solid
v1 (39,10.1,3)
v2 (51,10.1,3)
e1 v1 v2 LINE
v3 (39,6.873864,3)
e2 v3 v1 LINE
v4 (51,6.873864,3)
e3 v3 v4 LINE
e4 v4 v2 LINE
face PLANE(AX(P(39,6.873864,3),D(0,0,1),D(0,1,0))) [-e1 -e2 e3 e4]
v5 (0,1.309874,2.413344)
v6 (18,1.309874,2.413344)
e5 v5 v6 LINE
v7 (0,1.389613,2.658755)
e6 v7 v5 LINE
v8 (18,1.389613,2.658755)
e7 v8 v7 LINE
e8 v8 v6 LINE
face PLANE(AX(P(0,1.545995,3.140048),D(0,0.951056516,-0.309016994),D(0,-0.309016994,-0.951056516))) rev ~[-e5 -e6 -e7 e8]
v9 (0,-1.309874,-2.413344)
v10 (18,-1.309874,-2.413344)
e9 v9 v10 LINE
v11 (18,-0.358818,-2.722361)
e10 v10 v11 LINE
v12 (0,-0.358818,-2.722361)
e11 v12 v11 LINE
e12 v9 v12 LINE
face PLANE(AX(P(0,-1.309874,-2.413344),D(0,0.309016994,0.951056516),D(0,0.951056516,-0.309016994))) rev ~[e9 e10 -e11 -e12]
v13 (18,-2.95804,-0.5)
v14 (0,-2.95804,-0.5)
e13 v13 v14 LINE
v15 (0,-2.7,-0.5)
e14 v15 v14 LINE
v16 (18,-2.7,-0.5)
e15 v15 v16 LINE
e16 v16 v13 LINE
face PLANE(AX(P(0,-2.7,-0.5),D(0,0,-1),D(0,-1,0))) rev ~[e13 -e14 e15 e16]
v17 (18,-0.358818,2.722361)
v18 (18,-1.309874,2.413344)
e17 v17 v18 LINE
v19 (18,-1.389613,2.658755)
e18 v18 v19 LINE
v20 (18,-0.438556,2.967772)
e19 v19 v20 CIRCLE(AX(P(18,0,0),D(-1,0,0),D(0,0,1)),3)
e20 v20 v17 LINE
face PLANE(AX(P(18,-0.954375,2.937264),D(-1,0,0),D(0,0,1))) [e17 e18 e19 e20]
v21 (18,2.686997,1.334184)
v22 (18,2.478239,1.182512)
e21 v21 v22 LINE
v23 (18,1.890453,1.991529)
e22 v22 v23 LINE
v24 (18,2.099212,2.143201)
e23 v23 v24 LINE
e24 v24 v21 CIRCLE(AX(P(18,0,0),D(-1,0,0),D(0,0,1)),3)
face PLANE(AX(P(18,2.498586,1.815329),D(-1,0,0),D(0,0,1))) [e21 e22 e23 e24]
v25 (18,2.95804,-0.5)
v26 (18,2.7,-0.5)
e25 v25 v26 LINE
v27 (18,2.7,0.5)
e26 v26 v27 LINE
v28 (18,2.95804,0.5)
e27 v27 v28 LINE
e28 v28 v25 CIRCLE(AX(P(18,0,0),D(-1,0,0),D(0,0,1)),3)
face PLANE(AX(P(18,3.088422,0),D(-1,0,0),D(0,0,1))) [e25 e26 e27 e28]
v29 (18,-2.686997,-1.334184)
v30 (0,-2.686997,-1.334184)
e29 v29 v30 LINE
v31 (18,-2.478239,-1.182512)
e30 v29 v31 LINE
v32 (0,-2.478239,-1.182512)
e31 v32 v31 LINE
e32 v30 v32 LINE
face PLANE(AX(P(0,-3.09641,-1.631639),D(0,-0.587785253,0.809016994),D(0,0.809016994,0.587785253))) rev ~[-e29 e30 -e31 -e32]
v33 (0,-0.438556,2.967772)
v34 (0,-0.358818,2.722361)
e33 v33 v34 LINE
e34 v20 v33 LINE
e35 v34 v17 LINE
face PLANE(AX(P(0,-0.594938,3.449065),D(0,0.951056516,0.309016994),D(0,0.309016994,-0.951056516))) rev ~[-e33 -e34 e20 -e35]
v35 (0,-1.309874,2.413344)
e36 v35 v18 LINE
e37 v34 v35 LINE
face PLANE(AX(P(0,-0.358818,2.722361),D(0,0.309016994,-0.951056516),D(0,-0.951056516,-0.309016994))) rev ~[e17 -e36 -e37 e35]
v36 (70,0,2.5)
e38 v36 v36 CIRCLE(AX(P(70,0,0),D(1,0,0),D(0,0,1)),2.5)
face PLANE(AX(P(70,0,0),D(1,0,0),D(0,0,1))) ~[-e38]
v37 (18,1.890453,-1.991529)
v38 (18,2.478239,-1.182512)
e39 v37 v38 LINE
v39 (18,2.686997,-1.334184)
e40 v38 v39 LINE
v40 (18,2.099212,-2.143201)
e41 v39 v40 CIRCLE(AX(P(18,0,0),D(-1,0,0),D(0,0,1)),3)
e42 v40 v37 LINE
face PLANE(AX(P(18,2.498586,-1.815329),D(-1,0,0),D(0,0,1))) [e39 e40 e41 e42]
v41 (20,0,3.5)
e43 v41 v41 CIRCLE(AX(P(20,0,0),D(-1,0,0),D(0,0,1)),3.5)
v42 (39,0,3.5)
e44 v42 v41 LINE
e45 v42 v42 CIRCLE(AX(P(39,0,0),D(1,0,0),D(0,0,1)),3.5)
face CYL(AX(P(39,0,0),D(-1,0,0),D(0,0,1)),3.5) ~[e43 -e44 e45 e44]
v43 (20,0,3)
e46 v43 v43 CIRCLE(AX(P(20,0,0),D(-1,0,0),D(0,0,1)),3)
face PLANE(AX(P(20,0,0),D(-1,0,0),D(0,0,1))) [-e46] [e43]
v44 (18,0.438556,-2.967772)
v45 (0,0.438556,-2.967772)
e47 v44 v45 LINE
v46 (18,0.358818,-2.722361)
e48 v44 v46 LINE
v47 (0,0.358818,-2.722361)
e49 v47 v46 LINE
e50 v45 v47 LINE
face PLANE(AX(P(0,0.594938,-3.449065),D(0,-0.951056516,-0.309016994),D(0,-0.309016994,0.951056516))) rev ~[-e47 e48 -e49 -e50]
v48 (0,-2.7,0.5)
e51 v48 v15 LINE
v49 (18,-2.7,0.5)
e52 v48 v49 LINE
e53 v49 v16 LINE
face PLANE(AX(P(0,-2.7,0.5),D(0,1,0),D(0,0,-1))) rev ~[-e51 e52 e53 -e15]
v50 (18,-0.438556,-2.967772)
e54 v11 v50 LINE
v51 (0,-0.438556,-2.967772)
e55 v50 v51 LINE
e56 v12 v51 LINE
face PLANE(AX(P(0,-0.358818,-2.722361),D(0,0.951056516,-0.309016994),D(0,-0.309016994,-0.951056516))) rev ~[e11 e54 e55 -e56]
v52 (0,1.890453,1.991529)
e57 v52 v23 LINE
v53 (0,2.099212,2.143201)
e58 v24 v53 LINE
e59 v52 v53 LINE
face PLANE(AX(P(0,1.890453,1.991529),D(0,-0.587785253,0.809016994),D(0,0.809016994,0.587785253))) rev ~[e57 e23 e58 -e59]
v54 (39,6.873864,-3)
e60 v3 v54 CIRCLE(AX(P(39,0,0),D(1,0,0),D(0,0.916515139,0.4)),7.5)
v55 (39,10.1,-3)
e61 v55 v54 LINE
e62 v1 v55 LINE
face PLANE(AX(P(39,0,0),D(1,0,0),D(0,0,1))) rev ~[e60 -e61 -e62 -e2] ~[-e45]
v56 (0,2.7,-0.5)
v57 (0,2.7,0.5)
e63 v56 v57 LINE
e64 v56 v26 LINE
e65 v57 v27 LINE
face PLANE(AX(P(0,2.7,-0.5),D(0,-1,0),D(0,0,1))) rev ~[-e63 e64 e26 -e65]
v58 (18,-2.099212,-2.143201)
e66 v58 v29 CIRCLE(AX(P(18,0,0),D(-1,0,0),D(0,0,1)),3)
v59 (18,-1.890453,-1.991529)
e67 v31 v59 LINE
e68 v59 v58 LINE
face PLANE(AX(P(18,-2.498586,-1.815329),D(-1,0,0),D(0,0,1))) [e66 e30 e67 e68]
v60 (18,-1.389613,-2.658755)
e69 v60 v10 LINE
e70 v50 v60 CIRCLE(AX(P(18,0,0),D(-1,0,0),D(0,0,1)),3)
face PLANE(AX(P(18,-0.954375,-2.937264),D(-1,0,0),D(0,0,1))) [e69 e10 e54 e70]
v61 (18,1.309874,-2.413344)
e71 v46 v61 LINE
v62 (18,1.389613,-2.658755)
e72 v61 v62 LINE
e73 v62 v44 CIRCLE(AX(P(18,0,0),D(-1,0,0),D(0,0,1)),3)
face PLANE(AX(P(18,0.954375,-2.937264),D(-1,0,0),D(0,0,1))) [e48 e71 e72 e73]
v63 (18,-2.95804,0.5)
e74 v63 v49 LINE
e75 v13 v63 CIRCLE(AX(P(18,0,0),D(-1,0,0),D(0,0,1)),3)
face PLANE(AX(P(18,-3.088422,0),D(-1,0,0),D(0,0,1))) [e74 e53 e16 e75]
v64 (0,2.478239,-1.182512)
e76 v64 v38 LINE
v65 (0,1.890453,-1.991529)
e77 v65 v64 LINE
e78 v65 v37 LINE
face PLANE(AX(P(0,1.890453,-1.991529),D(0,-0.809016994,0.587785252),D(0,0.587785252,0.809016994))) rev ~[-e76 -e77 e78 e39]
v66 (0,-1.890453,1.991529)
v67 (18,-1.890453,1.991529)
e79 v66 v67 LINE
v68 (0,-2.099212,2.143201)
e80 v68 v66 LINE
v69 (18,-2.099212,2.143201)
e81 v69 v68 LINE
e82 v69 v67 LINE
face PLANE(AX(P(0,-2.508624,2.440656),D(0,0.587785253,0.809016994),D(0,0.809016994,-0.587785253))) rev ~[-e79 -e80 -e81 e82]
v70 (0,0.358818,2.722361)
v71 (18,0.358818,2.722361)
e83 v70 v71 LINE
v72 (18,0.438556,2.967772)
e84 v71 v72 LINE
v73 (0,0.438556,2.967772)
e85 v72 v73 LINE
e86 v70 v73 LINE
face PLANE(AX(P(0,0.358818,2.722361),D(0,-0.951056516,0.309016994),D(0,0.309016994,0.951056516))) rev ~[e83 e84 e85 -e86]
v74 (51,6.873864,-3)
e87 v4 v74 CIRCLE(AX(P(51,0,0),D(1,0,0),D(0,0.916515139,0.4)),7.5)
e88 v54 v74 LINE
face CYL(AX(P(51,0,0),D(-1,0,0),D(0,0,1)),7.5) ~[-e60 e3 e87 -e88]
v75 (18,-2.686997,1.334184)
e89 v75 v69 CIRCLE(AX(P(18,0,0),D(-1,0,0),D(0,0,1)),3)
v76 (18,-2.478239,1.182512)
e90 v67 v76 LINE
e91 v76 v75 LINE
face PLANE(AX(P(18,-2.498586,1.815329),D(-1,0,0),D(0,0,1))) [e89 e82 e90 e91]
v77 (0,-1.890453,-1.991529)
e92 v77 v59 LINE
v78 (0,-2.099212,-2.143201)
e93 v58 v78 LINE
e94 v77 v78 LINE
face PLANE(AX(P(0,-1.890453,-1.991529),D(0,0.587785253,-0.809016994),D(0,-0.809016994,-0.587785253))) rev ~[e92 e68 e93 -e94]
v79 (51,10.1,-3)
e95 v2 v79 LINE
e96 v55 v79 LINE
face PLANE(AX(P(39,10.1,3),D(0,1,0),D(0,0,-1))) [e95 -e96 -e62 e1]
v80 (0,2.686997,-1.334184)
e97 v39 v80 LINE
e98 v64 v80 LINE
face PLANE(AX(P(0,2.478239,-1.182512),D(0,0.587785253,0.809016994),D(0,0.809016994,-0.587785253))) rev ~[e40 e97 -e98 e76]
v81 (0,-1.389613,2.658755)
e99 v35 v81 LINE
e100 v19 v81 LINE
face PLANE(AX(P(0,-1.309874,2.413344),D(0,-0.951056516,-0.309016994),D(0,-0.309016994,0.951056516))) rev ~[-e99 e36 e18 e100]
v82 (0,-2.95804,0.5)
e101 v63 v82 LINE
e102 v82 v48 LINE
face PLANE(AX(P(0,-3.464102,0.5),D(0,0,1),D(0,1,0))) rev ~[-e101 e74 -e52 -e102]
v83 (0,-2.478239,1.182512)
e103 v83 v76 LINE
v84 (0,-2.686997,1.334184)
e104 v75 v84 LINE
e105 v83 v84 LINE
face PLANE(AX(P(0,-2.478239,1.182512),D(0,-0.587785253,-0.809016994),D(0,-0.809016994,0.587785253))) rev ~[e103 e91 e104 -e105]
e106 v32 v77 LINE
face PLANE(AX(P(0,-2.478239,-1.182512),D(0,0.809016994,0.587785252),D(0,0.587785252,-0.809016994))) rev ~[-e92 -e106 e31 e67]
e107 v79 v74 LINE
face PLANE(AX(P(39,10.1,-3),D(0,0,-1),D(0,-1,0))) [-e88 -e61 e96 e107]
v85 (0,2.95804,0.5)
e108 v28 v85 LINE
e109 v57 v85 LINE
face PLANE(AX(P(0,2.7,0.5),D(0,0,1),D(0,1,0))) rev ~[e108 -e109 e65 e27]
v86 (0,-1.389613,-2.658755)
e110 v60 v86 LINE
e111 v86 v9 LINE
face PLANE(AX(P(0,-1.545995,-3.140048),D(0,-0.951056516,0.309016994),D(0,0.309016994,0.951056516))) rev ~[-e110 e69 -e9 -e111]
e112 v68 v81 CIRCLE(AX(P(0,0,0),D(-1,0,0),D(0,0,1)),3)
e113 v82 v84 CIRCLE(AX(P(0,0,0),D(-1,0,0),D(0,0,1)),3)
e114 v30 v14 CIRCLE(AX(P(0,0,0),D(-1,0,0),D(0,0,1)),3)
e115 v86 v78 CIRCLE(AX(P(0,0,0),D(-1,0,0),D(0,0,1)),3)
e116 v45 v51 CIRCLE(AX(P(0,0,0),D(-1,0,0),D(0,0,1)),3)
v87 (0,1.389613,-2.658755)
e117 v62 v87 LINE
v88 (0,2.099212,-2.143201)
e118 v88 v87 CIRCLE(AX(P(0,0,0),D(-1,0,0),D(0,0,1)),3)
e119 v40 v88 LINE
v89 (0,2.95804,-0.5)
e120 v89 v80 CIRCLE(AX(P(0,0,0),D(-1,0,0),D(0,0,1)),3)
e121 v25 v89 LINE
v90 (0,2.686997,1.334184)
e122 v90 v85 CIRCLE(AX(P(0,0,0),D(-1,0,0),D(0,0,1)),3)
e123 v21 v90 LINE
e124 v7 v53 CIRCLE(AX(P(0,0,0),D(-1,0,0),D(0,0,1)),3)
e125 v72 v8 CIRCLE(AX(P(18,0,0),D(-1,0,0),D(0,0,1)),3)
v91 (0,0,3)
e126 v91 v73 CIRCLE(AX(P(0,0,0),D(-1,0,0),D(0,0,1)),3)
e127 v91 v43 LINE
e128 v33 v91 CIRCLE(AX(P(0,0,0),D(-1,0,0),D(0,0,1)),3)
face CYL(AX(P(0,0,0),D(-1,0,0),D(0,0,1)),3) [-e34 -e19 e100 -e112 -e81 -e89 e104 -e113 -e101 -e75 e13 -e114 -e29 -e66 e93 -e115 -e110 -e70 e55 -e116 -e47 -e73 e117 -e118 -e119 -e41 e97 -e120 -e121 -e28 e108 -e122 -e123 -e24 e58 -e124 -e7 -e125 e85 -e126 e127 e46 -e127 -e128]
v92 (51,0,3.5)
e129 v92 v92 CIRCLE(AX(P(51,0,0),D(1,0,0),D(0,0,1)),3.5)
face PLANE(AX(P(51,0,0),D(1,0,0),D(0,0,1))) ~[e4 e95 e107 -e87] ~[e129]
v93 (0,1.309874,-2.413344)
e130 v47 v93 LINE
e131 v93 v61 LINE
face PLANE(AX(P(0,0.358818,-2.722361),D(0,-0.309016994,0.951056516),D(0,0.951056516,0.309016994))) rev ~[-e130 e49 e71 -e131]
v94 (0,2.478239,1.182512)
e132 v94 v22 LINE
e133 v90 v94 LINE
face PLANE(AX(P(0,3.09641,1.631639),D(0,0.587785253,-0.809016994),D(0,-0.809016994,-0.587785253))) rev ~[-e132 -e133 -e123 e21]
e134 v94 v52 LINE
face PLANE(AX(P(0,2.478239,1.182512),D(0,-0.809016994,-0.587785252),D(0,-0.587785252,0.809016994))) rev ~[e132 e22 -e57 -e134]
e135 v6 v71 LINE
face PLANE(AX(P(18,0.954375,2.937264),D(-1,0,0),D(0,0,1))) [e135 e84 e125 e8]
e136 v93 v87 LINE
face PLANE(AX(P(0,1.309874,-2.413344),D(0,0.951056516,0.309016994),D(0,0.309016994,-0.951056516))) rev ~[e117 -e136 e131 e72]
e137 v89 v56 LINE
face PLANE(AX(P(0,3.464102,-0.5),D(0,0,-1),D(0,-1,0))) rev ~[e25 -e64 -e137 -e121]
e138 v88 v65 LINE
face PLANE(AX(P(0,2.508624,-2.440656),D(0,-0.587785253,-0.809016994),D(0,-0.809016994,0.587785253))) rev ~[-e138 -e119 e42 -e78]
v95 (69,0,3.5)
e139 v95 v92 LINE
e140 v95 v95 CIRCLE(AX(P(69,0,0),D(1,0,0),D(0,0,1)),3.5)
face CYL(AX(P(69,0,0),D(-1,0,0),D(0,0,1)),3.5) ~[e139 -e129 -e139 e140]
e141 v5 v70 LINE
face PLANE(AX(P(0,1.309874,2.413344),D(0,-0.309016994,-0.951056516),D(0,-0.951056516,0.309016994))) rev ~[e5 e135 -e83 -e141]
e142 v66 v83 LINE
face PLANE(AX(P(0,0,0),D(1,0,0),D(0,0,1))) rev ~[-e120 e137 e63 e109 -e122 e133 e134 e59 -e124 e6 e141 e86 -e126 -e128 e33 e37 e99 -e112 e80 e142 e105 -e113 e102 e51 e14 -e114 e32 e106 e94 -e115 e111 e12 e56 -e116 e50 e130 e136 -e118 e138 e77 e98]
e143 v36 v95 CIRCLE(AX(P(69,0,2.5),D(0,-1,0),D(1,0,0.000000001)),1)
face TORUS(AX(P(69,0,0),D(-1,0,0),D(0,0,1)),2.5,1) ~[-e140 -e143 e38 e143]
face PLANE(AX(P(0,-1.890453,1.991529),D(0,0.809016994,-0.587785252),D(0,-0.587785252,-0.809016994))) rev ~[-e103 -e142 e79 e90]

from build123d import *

# Parameters (mm, degrees)
Y_KSEKLIK_EKSTR_ZYON2_START = -12
Y_KSEKLIK_EKSTR_ZYON2_DEPTH = 12
KES_EKSTR_ZYON1_DEPTH       = 18
IZIM4_R                     = 3.5
IZIM4_R_2                   = 3
KES_EKSTR_ZYON2_DEPTH       = 20


with BuildPart() as part:
    # Çizim1 → Döndür1 (revolve)
    with BuildSketch(Plane.XY, mode=Mode.PRIVATE) as d_nd_r1_sk:
        with BuildLine():
            Line((0, 0), (70, 0))
            Line((70, 0), (70, 2.5))
            ThreePointArc((70, 2.5), (69.707106781, 3.207106781), (69, 3.5))
            Line((69, 3.5), (51, 3.5))
            Line((51, 3.5), (51, 7.5))
            Line((51, 7.5), (39, 7.5))
            Line((39, 7.5), (39, 3.5))
            Line((39, 3.5), (0, 3.5))
            Line((0, 3.5), (0, 0))
        make_face()
    revolve(d_nd_r1_sk.sketch.rotate(Axis((0, 0, 0), (1, 0, 0)), 90), axis=Axis((0, 0, 0), (1, 0, 0)))

    # Çizim2 → Yükseklik-Ekstrüzyon2 (add)
    with BuildSketch(Plane(origin=(51, 0, 0), x_dir=(0, 0, -1), z_dir=(1, 0, 0)).offset(Y_KSEKLIK_EKSTR_ZYON2_START)):
        with BuildLine():
            Line((-3, 10.1), (3, 10.1))
            Line((3, 10.1), (3, 6.873863542))
            ThreePointArc((3, 6.873863542), (0, 7.5), (-3, 6.873863542))
            Line((-3, 6.873863542), (-3, 10.1))
        make_face()
    extrude(amount=Y_KSEKLIK_EKSTR_ZYON2_DEPTH)

    # Çizim3 → Kes-Ekstrüzyon1 (cut)
    with BuildSketch(Plane.ZY):
        with BuildLine():
            Line((1.182511684, 2.478238511), (1.991528678, 1.890453259))
            Line((1.991528678, 1.890453259), (2.440656339, 2.508624451))
            ThreePointArc((2.440656339, 2.508624451), (2.057248383, 2.83155948), (1.631639345, 3.096409703))
            Line((1.631639345, 3.096409703), (1.182511684, 2.478238511))
        make_face()
        with BuildLine():
            Line((-0.5, 3.464101615), (-0.5, 2.7))
            Line((-0.5, 2.7), (0.5, 2.7))
            Line((0.5, 2.7), (0.5, 3.464101615))
            ThreePointArc((0.5, 3.464101615), (0, 3.5), (-0.5, 3.464101615))
        make_face()
        with BuildLine():
            Line((2.413344097, 1.309874143), (2.722361091, 0.358817627))
            Line((2.722361091, 0.358817627), (3.449064911, 0.594938011))
            ThreePointArc((3.449064911, 0.594938011), (3.328697807, 1.08155948), (3.140047917, 1.545994527))
            Line((3.140047917, 1.545994527), (2.413344097, 1.309874143))
        make_face()
        with BuildLine():
            Line((2.722361091, -0.358817627), (2.413344097, -1.309874143))
            Line((2.413344097, -1.309874143), (3.140047917, -1.545994527))
            ThreePointArc((3.140047917, -1.545994527), (3.328697807, -1.08155948), (3.449064911, -0.594938011))
            Line((3.449064911, -0.594938011), (2.722361091, -0.358817627))
        make_face()
        with BuildLine():
            Line((1.991528678, -1.890453259), (1.182511684, -2.478238511))
            Line((1.182511684, -2.478238511), (1.631639345, -3.096409703))
            ThreePointArc((1.631639345, -3.096409703), (2.057248383, -2.83155948), (2.440656339, -2.508624451))
            Line((2.440656339, -2.508624451), (1.991528678, -1.890453259))
        make_face()
        with BuildLine():
            Line((0.5, -2.7), (-0.5, -2.7))
            Line((-0.5, -2.7), (-0.5, -3.464101615))
            ThreePointArc((-0.5, -3.464101615), (0, -3.5), (0.5, -3.464101615))
            Line((0.5, -3.464101615), (0.5, -2.7))
        make_face()
        with BuildLine():
            Line((-1.182511684, -2.478238511), (-1.991528678, -1.890453259))
            Line((-1.991528678, -1.890453259), (-2.440656339, -2.508624451))
            ThreePointArc((-2.440656339, -2.508624451), (-2.057248383, -2.83155948), (-1.631639345, -3.096409703))
            Line((-1.631639345, -3.096409703), (-1.182511684, -2.478238511))
        make_face()
        with BuildLine():
            Line((-2.413344097, -1.309874143), (-2.722361091, -0.358817627))
            Line((-2.722361091, -0.358817627), (-3.449064911, -0.594938011))
            ThreePointArc((-3.449064911, -0.594938011), (-3.328697807, -1.08155948), (-3.140047917, -1.545994527))
            Line((-3.140047917, -1.545994527), (-2.413344097, -1.309874143))
        make_face()
        with BuildLine():
            Line((-2.722361091, 0.358817627), (-2.413344097, 1.309874143))
            Line((-2.413344097, 1.309874143), (-3.140047917, 1.545994527))
            ThreePointArc((-3.140047917, 1.545994527), (-3.328697807, 1.08155948), (-3.449064911, 0.594938011))
            Line((-3.449064911, 0.594938011), (-2.722361091, 0.358817627))
        make_face()
        with BuildLine():
            Line((-1.991528678, 1.890453259), (-1.182511684, 2.478238511))
            Line((-1.182511684, 2.478238511), (-1.631639345, 3.096409703))
            ThreePointArc((-1.631639345, 3.096409703), (-2.057248383, 2.83155948), (-2.440656339, 2.508624451))
            Line((-2.440656339, 2.508624451), (-1.991528678, 1.890453259))
        make_face()
    extrude(amount=-KES_EKSTR_ZYON1_DEPTH, mode=Mode.SUBTRACT)

    # Çizim4 → Kes-Ekstrüzyon2 (cut)
    with BuildSketch(Plane.ZY):
        Circle(IZIM4_R)
        Circle(IZIM4_R_2, mode=Mode.SUBTRACT)
    extrude(amount=-KES_EKSTR_ZYON2_DEPTH, mode=Mode.SUBTRACT)


solid = part.part
